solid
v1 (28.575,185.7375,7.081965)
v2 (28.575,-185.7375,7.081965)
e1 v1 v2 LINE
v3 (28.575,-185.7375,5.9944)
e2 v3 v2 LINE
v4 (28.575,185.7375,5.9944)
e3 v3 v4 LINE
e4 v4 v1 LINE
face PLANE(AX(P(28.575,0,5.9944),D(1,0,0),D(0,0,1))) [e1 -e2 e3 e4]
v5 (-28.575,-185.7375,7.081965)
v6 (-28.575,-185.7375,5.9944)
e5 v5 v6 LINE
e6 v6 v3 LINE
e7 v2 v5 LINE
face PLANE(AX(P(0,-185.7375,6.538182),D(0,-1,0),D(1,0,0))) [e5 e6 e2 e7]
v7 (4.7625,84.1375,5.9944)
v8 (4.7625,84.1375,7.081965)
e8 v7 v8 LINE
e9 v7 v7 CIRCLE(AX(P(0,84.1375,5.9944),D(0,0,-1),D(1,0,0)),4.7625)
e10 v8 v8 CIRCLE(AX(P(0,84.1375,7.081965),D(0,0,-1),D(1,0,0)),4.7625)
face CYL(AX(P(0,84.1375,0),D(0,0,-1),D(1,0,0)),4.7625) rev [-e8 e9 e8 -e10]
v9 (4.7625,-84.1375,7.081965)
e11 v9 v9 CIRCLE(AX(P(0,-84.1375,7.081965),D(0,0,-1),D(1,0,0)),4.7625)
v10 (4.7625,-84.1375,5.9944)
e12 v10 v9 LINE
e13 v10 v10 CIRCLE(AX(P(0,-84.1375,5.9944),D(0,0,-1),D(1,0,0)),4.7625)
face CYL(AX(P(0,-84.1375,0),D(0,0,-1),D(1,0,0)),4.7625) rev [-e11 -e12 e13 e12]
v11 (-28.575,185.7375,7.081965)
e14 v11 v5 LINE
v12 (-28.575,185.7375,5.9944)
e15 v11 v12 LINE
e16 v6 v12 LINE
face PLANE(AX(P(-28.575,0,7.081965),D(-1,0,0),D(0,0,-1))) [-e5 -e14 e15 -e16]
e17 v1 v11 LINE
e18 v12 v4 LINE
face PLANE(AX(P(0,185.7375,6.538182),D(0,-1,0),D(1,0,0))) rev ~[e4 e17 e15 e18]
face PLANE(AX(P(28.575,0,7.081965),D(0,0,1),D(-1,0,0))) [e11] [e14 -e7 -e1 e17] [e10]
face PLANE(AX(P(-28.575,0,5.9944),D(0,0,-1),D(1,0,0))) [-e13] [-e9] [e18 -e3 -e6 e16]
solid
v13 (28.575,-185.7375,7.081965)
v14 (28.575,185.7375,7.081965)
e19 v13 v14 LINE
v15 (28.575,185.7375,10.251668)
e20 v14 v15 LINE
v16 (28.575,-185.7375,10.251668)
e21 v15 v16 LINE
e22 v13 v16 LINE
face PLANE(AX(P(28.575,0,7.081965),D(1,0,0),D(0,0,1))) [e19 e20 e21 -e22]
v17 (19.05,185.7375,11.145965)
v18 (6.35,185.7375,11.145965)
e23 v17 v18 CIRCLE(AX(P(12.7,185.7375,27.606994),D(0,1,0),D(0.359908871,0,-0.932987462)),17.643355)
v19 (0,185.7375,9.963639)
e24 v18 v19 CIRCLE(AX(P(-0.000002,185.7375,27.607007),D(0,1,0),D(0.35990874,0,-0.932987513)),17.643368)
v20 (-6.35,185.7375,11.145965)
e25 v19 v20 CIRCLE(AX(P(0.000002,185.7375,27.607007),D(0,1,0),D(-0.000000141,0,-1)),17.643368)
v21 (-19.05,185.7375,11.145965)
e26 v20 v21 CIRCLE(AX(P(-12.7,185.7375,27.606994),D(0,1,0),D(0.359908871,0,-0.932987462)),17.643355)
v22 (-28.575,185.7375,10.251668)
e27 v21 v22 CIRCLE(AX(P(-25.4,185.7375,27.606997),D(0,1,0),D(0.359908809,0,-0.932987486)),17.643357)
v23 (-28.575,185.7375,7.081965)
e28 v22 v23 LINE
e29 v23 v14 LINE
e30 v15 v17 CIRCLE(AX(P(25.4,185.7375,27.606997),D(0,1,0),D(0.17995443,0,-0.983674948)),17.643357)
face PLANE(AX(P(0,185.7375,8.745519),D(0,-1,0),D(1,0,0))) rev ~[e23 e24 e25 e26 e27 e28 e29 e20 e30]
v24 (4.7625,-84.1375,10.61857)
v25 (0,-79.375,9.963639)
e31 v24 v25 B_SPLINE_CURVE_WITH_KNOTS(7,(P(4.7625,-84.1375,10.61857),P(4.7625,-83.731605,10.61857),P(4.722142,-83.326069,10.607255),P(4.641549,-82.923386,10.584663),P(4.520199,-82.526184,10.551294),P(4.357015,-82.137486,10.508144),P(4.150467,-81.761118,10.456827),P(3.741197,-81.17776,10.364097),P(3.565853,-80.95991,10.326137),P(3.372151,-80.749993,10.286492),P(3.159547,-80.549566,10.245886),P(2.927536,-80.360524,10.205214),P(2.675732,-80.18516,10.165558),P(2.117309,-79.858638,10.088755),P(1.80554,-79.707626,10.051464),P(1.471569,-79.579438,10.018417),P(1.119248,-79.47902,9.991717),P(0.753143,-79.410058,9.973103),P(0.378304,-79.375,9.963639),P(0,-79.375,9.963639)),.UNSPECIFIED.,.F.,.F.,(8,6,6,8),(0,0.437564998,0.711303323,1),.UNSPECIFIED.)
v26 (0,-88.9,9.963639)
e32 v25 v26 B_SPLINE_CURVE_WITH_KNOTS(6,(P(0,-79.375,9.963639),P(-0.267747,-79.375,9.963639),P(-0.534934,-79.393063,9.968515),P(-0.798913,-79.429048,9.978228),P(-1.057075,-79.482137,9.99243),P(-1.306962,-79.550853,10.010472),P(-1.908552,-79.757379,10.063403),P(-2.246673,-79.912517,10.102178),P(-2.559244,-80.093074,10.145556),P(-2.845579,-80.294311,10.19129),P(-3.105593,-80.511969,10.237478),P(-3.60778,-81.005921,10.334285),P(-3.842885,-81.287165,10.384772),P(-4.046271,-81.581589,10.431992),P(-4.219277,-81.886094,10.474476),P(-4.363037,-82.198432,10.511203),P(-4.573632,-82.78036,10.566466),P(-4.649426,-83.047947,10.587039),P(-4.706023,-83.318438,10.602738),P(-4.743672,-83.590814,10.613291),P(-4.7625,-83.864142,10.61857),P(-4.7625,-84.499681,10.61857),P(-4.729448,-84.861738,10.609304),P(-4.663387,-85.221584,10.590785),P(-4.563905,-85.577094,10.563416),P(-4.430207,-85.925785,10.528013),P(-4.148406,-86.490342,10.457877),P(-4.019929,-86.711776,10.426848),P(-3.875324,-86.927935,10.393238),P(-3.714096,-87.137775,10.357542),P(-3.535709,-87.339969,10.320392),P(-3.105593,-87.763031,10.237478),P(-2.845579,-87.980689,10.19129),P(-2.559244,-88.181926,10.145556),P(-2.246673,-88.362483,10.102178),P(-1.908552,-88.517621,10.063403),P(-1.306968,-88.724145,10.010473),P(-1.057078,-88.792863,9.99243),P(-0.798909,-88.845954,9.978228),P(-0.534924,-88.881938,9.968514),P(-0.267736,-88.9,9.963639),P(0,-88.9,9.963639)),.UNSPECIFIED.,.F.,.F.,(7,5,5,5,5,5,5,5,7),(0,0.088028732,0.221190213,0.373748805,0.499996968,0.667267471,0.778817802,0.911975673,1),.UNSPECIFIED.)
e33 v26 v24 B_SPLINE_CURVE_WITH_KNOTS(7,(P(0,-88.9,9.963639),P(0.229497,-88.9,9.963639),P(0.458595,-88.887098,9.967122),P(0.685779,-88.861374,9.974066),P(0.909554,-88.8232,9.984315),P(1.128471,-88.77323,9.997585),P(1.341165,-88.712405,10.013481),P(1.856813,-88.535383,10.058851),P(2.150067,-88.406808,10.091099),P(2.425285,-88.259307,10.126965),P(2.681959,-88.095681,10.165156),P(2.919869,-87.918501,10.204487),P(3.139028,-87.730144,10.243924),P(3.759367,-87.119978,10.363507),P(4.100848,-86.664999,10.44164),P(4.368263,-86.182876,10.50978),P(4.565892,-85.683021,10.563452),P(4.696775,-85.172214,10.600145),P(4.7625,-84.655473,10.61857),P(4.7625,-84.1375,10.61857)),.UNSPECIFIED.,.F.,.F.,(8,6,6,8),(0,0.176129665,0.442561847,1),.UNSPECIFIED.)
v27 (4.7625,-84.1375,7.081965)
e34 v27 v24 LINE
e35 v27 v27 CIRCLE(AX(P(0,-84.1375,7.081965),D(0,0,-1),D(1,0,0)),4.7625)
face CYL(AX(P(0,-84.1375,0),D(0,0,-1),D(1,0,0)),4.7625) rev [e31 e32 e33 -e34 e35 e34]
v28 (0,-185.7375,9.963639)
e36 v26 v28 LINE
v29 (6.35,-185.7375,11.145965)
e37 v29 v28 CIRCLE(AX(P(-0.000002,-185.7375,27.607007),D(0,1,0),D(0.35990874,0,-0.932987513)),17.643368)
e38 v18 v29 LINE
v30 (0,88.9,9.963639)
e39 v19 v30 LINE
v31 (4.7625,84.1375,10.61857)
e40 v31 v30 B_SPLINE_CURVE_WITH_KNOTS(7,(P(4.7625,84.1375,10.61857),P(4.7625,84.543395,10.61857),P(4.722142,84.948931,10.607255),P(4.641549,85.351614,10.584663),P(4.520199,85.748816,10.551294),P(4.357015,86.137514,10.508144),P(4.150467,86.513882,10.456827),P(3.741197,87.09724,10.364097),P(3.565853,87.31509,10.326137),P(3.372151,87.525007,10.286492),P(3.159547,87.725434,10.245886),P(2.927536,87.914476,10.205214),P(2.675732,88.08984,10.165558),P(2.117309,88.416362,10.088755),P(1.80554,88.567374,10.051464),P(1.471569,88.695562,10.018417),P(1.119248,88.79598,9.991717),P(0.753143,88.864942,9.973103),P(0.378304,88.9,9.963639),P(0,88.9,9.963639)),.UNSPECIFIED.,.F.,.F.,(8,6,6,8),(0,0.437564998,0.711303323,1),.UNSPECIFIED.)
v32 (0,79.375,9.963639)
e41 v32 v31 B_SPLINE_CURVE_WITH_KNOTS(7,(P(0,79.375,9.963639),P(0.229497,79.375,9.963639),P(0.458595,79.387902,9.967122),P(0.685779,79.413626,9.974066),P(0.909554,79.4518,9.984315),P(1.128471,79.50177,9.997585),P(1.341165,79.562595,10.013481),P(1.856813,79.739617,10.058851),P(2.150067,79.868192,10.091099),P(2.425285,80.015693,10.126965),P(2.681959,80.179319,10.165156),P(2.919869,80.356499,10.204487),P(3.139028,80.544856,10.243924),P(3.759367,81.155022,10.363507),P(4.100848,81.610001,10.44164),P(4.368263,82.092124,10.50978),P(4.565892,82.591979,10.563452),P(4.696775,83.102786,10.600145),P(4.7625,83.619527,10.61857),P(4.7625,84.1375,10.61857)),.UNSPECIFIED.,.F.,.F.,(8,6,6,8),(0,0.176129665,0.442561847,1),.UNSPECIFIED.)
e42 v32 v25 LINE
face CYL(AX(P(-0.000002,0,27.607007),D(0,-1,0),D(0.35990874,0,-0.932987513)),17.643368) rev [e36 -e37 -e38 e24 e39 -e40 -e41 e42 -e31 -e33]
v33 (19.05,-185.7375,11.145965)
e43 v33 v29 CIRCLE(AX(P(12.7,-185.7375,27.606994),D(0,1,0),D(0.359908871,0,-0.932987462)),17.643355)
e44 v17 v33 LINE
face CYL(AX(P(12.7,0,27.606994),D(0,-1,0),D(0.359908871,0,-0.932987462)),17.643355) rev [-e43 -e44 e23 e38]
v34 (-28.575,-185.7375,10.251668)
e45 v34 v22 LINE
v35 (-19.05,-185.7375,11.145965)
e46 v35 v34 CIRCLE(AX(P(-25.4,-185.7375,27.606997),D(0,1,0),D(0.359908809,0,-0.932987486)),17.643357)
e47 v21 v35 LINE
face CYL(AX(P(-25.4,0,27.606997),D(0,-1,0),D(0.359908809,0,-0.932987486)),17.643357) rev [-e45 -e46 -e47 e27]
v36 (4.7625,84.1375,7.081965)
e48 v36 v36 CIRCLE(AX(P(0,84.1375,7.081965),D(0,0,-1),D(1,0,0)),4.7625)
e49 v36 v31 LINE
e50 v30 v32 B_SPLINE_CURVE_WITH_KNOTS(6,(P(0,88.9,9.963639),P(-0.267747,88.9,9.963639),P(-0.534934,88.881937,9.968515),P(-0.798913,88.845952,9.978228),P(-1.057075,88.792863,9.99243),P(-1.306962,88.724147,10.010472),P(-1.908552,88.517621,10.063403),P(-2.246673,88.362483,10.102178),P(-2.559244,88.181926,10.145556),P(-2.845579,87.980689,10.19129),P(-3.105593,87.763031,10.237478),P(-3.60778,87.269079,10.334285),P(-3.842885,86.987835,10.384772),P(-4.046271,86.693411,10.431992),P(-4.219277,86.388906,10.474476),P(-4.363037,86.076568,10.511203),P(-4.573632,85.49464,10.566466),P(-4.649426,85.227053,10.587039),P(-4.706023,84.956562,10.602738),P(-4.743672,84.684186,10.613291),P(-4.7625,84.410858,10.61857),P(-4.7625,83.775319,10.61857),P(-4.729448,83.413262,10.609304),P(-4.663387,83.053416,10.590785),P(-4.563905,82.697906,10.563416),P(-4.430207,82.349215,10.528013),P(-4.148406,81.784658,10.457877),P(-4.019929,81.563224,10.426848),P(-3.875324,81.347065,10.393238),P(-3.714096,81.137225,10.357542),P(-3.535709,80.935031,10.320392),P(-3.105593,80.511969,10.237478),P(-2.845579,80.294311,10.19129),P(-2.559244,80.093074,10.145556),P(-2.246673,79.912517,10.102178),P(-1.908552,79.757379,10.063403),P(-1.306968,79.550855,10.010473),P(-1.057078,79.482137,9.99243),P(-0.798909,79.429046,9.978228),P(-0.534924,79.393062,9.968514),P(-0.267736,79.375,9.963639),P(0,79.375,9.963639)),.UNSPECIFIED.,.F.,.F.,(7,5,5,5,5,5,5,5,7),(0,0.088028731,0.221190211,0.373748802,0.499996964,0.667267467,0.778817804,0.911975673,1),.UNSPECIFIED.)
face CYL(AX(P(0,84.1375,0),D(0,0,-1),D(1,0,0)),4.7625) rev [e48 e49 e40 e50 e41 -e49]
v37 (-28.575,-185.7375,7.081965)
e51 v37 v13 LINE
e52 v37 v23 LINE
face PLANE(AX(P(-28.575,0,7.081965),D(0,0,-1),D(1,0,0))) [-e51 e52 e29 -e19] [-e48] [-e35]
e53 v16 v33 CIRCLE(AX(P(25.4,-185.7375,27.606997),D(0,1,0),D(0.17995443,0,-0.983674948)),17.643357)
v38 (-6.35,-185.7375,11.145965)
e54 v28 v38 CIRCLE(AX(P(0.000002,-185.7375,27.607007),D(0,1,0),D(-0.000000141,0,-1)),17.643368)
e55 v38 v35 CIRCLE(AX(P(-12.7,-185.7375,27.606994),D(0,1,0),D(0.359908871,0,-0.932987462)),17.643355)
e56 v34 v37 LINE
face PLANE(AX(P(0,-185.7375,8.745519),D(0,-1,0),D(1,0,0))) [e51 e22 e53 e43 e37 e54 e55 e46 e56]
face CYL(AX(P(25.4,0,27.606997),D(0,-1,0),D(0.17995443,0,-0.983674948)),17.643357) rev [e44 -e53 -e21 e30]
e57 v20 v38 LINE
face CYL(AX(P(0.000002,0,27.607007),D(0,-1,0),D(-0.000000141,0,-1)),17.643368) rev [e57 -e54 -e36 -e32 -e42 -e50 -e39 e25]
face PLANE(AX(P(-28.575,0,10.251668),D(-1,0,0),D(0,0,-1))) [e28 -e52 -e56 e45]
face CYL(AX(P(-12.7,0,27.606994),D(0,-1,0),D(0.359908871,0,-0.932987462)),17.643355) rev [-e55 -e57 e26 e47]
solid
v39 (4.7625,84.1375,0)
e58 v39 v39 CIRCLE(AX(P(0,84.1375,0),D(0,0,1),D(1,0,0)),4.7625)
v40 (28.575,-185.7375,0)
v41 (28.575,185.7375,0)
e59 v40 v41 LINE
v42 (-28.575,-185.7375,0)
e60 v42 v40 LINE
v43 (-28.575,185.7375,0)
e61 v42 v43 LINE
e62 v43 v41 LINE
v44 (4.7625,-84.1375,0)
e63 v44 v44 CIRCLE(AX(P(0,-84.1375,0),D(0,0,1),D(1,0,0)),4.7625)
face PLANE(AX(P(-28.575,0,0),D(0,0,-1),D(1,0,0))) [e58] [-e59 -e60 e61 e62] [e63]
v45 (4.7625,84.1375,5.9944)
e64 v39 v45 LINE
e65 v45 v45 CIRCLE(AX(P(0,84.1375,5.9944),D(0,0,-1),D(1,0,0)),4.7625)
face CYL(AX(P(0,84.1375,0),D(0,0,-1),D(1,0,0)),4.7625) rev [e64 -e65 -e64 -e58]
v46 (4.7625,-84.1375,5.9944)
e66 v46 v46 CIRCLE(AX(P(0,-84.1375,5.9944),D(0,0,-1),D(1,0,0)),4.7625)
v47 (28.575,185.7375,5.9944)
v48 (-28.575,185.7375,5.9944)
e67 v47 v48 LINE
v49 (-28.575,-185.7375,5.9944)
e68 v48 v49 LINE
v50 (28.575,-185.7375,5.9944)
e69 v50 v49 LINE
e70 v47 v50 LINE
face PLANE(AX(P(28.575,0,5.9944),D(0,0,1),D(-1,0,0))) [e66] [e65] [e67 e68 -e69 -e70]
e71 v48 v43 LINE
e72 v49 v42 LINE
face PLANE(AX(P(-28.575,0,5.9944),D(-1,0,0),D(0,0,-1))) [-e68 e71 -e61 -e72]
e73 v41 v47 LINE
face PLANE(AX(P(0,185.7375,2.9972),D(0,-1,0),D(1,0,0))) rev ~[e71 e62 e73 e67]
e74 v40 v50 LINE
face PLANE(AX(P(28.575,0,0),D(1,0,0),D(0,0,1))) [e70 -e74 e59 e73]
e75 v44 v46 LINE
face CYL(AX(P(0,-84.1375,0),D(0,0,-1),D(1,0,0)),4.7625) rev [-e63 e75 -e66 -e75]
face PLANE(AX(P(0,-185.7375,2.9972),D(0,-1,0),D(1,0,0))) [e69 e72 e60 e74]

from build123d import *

# Parameters (mm, degrees)
F1_DEPTH = 185.7375
F2_DEPTH = 185.7375
F3_DEPTH = 185.7375
F4_R     = 4.7625
F5_DEPTH = 25.4


with BuildPart() as f1:
    # F0 (on Front) → F1 (new body, symmetric)
    with BuildSketch(Plane.XZ):
        Polygon((0, 0), (28.575, 0), (28.575, 5.9944), (0, 5.9944), (-28.575, 5.9944), (-28.575, 0), align=None)
    extrude(amount=F1_DEPTH, both=True)


with BuildPart() as f2:
    # F0 (on Front) → F2 (new body, symmetric)
    with BuildSketch(Plane.XZ):
        Polygon((0, 5.9944), (28.575, 5.9944), (28.575, 7.081965), (0, 7.081965), (-28.575, 7.081965), (-28.575, 5.9944), align=None)
    extrude(amount=F2_DEPTH, both=True)


with BuildPart() as f3:
    # F0 (on Front) → F3 (new body, symmetric)
    with BuildSketch(Plane.XZ):
        with BuildLine():
            Line((0, 7.081965), (28.575, 7.081965))
            Line((28.575, 7.081965), (28.575, 10.251668))
            ThreePointArc((28.575, 10.251668), (23.750728, 10.040894), (19.05, 11.145965))
            ThreePointArc((19.05, 11.145965), (12.7, 9.963639), (6.35, 11.145965))
            ThreePointArc((6.35, 11.145965), (3.229566, 10.261739), (0, 9.963639))
            ThreePointArc((0, 9.963639), (-3.229566, 10.261739), (-6.35, 11.145965))
            ThreePointArc((-6.35, 11.145965), (-12.7, 9.963639), (-19.05, 11.145965))
            ThreePointArc((-19.05, 11.145965), (-23.750728, 10.040894), (-28.575, 10.251668))
            Line((-28.575, 10.251668), (-28.575, 7.081965))
            Line((-28.575, 7.081965), (0, 7.081965))
        make_face()
    extrude(amount=F3_DEPTH, both=True)


with BuildPart() as f5_tool:
    # F4 (on Top) → F5 (new body)
    with BuildSketch(Plane.XY):
        with Locations((0, 84.1375)):
            Circle(F4_R)
        with Locations((0, -84.1375)):
            Circle(F4_R)
    extrude(amount=F5_DEPTH)


with BuildPart() as f1_1:
    add(f1.part)

    # F5: cut by f5_tool
    add(f5_tool.part, mode=Mode.SUBTRACT)


with BuildPart() as f2_1:
    add(f2.part)

    # F5: cut by f5_tool
    add(f5_tool.part, mode=Mode.SUBTRACT)


with BuildPart() as f3_1:
    add(f3.part)

    # F5: cut by f5_tool
    add(f5_tool.part, mode=Mode.SUBTRACT)


solid = Compound([f1_1.part, f2_1.part, f3_1.part])
